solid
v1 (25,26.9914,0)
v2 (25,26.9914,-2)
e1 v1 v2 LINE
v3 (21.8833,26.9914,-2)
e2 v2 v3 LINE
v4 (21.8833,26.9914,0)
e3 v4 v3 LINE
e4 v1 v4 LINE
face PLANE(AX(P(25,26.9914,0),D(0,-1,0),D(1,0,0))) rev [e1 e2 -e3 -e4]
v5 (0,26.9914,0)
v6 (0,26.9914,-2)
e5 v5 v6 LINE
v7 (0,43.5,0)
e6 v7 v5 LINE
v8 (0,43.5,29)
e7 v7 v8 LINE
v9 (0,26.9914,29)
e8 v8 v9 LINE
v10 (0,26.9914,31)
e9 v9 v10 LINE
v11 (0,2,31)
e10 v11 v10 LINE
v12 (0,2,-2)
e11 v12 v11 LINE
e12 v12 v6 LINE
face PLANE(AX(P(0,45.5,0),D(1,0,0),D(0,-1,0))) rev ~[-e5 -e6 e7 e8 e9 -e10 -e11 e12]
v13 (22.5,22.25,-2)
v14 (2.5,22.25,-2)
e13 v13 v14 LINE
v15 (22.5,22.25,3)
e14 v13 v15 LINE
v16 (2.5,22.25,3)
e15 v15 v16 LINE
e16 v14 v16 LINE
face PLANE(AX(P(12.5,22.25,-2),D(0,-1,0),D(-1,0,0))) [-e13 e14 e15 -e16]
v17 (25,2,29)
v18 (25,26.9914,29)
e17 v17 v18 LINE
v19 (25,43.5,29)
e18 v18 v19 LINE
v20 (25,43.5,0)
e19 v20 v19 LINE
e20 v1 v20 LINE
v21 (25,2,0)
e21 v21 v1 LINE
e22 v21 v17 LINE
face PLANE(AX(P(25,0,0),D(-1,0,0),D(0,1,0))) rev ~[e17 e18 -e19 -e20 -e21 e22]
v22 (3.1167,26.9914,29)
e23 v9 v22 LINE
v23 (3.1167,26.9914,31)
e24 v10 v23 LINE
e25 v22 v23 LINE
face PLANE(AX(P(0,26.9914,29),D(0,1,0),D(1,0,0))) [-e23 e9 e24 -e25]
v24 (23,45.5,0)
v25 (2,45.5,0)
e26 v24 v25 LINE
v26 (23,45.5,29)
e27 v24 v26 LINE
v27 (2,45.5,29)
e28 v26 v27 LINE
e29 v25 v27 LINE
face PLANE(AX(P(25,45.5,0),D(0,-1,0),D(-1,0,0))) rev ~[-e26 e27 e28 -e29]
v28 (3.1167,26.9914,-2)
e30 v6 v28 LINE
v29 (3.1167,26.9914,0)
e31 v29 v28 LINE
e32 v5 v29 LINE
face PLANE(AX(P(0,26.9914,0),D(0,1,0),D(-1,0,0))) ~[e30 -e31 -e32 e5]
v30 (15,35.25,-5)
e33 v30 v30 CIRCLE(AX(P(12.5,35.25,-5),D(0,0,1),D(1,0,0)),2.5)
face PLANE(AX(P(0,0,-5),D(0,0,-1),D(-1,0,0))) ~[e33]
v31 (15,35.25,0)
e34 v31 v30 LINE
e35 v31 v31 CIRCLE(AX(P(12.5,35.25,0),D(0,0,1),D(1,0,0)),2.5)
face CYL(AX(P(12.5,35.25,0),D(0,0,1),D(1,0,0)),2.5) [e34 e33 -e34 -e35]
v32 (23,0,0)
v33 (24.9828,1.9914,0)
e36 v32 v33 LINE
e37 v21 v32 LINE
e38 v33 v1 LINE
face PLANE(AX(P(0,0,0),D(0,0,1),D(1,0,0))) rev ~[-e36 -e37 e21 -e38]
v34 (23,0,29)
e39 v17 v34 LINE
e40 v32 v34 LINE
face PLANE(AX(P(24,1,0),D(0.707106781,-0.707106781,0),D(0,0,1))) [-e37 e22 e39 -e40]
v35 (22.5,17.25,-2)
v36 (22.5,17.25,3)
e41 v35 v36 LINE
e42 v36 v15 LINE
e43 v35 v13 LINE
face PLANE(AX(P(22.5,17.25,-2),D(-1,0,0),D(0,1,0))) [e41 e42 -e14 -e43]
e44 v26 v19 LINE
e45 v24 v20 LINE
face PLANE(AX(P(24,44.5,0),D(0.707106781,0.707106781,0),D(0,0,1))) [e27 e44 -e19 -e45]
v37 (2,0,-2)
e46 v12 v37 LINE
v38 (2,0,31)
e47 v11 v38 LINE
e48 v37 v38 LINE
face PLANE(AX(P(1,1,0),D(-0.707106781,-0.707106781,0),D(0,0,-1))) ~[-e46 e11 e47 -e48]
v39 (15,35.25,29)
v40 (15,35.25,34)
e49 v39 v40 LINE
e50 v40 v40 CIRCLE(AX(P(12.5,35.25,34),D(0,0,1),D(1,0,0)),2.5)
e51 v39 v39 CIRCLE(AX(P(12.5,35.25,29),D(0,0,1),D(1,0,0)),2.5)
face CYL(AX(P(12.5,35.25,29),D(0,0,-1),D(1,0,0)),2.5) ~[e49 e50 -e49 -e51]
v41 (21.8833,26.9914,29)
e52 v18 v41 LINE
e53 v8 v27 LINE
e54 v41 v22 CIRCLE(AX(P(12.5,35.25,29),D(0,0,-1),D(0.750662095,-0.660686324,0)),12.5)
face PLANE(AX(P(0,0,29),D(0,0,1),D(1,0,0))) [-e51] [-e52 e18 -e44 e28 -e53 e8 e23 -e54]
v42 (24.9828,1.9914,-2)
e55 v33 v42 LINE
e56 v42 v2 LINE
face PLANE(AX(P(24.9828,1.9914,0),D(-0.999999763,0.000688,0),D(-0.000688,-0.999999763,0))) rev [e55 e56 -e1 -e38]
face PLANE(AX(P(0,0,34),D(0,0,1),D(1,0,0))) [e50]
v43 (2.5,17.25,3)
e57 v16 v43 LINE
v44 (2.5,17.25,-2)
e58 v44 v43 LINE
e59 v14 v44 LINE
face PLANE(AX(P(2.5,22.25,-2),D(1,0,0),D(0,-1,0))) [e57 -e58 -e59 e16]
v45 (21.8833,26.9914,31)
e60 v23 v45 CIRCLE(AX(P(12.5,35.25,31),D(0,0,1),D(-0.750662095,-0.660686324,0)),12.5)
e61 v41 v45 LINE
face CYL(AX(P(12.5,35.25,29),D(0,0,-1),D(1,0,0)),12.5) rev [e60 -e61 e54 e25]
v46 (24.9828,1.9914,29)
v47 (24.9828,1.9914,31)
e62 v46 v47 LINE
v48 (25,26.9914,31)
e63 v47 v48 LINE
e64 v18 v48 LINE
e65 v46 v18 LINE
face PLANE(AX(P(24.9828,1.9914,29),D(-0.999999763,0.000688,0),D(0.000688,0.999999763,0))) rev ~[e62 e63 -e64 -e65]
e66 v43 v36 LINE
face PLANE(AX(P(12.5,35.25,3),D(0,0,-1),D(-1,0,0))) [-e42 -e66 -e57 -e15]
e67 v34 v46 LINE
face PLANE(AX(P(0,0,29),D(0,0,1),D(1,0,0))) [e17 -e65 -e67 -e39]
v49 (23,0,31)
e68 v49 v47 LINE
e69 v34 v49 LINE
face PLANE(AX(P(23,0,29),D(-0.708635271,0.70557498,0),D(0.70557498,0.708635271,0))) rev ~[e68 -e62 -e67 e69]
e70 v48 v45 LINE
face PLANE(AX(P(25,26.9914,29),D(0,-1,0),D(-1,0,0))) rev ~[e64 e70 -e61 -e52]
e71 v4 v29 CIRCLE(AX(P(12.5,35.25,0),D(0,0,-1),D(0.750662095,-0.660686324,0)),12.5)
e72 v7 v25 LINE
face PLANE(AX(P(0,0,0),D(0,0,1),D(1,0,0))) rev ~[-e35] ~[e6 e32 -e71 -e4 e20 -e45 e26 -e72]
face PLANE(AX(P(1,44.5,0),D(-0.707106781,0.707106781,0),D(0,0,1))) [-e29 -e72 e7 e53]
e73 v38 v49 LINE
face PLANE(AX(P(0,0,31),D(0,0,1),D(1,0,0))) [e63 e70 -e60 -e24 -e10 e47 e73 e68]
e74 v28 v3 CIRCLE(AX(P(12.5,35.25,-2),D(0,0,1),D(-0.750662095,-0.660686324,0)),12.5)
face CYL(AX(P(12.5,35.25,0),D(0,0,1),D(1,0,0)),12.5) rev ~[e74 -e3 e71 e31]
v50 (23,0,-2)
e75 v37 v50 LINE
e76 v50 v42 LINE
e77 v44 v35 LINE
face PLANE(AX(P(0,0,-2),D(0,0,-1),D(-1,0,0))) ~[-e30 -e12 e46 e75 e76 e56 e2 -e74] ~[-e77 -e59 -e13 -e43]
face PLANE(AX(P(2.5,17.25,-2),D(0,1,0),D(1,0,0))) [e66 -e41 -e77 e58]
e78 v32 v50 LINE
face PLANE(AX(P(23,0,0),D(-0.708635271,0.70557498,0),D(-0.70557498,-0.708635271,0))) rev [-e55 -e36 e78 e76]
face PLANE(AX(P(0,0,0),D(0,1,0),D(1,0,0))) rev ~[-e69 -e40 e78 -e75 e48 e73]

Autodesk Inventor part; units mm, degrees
ref_plane "YZ Plane" through (0, 0, 0) normal (1, 0, 0) x (0, 1, 0)
ref_plane "XZ Plane" through (0, 0, 0) normal (0, 1, 0) x (-1, 0, 0)
ref_plane "XY Plane" through (0, 0, 0) normal (0, 0, 1) x (1, 0, 0)
sketch "Sketch1" plane through (0, 0, 0) normal (0, 0, 1) x (1, 0, 0)
  line L0 (0, 0) -> (25, 0)
  line L1 (25, 0) -> (25, 45.5)
  line L2 (25, 45.5) -> (0, 45.5)
  line L3 (0, 45.5) -> (0, 0)
  dimension "d0" = 25
  dimension "d1" = 45.5
extrude "Extrusion1" add sketch "Sketch1" along normal blind 29
chamfer "Chamfer1" distance 2 angle 45 4 edges at (25, 45.5, 14.5) (0, 45.5, 14.5) (25, 0, 14.5) (0, 0, 14.5)
sketch "Sketch2" plane through (0, 0, 29) normal (0, 0, 1) x (1, 0, 0)
  line L0 (23, 45.5) -> (2, 45.5) projected
  line L1 (12.5, 45.5) -> (12.5, 0)
  line L2 (2, 0) -> (23, 0) projected
  line L3 (12.5, 22.75) -> (12.5, 35.25)
  circle A0 centre (12.5, 35.25) radius 12.5
  line L4 (12.5, 0) -> (2, 0)
  line L5 (0, 2) -> (2, 0) projected
  line L6 (2, 0) -> (0, 1.9914)
  line L7 (0, 1.9914) -> (0, 26.9914)
  line L8 (0, 43.5) -> (0, 2) projected
  line L9 (0, 26.9914) -> (3.1167, 26.9914)
  line L10 (12.5, 0) -> (23, 0)
  line L11 (23, 0) -> (24.9828, 1.9914)
  line L12 (24.9828, 1.9914) -> (23, 0)
  line L13 (24.9828, 1.9914) -> (25, 26.9914)
  line L14 (25, 2) -> (25, 43.5) projected
  line L15 (25, 26.9914) -> (21.8833, 26.9914)
  point P0 (0, 0)
  dimension "d8" = 12.5
  dimension "d9" = 25
  dimension "d10" = 25
extrude "Extrusion2" add sketch "Sketch2" along normal blind 2 contours L15 L13 L11 L2 L1 A0 | L1 L2 L5 L7 L9 A0
ref_plane "Work Plane1" through (0, 0, 14.5) normal (0, 0, 1) x (1, 0, 0)
sketch "Sketch3" plane through (0, 0, 29) normal (0, 0, 1) x (1, 0, 0)
  arc A0 (3.1167, 26.9914) -> (21.8833, 26.9914) centre (12.5, 35.25) ccw projected
  circle A1 centre (12.5, 35.25) radius 2.5
  point P0 (0, 0)
  dimension "d13" = 5
extrude "Extrusion3" add sketch "Sketch3" along normal blind 5
mirror "Mirror1" about plane through (0, 0, 14.5) normal (0, 0, 1) of "Extrusion2", "Extrusion3"
sketch "Sketch5" plane through (12.5, 35.25, -2) normal (0, 0, -1) x (-1, 0, 0)
  circle A0 centre (0, 0) radius 2.5 projected
  line L0 (0, 0) -> (0, -13)
  line L1 (0, -13) -> (10, -13)
  line L2 (10, -13) -> (10, -18)
  line L3 (10, -18) -> (-10, -18)
  line L4 (-10, -18) -> (-10, -13)
  line L5 (-10, -13) -> (0, -13)
  point P0 (12.5, -35.25)
  dimension "d16" = 13
  dimension "d17" = 10
  dimension "d18" = 5
  dimension "d19" = 20
extrude "Extrusion4" cut sketch "Sketch5" against normal blind 5 contours L1 L2 L3 L4 L5
ref_plane "Work Plane2" through (0, 0, 14.5) normal (0, 0, 1) x (1, 0, 0)
properties part number "feetech_sc215"
